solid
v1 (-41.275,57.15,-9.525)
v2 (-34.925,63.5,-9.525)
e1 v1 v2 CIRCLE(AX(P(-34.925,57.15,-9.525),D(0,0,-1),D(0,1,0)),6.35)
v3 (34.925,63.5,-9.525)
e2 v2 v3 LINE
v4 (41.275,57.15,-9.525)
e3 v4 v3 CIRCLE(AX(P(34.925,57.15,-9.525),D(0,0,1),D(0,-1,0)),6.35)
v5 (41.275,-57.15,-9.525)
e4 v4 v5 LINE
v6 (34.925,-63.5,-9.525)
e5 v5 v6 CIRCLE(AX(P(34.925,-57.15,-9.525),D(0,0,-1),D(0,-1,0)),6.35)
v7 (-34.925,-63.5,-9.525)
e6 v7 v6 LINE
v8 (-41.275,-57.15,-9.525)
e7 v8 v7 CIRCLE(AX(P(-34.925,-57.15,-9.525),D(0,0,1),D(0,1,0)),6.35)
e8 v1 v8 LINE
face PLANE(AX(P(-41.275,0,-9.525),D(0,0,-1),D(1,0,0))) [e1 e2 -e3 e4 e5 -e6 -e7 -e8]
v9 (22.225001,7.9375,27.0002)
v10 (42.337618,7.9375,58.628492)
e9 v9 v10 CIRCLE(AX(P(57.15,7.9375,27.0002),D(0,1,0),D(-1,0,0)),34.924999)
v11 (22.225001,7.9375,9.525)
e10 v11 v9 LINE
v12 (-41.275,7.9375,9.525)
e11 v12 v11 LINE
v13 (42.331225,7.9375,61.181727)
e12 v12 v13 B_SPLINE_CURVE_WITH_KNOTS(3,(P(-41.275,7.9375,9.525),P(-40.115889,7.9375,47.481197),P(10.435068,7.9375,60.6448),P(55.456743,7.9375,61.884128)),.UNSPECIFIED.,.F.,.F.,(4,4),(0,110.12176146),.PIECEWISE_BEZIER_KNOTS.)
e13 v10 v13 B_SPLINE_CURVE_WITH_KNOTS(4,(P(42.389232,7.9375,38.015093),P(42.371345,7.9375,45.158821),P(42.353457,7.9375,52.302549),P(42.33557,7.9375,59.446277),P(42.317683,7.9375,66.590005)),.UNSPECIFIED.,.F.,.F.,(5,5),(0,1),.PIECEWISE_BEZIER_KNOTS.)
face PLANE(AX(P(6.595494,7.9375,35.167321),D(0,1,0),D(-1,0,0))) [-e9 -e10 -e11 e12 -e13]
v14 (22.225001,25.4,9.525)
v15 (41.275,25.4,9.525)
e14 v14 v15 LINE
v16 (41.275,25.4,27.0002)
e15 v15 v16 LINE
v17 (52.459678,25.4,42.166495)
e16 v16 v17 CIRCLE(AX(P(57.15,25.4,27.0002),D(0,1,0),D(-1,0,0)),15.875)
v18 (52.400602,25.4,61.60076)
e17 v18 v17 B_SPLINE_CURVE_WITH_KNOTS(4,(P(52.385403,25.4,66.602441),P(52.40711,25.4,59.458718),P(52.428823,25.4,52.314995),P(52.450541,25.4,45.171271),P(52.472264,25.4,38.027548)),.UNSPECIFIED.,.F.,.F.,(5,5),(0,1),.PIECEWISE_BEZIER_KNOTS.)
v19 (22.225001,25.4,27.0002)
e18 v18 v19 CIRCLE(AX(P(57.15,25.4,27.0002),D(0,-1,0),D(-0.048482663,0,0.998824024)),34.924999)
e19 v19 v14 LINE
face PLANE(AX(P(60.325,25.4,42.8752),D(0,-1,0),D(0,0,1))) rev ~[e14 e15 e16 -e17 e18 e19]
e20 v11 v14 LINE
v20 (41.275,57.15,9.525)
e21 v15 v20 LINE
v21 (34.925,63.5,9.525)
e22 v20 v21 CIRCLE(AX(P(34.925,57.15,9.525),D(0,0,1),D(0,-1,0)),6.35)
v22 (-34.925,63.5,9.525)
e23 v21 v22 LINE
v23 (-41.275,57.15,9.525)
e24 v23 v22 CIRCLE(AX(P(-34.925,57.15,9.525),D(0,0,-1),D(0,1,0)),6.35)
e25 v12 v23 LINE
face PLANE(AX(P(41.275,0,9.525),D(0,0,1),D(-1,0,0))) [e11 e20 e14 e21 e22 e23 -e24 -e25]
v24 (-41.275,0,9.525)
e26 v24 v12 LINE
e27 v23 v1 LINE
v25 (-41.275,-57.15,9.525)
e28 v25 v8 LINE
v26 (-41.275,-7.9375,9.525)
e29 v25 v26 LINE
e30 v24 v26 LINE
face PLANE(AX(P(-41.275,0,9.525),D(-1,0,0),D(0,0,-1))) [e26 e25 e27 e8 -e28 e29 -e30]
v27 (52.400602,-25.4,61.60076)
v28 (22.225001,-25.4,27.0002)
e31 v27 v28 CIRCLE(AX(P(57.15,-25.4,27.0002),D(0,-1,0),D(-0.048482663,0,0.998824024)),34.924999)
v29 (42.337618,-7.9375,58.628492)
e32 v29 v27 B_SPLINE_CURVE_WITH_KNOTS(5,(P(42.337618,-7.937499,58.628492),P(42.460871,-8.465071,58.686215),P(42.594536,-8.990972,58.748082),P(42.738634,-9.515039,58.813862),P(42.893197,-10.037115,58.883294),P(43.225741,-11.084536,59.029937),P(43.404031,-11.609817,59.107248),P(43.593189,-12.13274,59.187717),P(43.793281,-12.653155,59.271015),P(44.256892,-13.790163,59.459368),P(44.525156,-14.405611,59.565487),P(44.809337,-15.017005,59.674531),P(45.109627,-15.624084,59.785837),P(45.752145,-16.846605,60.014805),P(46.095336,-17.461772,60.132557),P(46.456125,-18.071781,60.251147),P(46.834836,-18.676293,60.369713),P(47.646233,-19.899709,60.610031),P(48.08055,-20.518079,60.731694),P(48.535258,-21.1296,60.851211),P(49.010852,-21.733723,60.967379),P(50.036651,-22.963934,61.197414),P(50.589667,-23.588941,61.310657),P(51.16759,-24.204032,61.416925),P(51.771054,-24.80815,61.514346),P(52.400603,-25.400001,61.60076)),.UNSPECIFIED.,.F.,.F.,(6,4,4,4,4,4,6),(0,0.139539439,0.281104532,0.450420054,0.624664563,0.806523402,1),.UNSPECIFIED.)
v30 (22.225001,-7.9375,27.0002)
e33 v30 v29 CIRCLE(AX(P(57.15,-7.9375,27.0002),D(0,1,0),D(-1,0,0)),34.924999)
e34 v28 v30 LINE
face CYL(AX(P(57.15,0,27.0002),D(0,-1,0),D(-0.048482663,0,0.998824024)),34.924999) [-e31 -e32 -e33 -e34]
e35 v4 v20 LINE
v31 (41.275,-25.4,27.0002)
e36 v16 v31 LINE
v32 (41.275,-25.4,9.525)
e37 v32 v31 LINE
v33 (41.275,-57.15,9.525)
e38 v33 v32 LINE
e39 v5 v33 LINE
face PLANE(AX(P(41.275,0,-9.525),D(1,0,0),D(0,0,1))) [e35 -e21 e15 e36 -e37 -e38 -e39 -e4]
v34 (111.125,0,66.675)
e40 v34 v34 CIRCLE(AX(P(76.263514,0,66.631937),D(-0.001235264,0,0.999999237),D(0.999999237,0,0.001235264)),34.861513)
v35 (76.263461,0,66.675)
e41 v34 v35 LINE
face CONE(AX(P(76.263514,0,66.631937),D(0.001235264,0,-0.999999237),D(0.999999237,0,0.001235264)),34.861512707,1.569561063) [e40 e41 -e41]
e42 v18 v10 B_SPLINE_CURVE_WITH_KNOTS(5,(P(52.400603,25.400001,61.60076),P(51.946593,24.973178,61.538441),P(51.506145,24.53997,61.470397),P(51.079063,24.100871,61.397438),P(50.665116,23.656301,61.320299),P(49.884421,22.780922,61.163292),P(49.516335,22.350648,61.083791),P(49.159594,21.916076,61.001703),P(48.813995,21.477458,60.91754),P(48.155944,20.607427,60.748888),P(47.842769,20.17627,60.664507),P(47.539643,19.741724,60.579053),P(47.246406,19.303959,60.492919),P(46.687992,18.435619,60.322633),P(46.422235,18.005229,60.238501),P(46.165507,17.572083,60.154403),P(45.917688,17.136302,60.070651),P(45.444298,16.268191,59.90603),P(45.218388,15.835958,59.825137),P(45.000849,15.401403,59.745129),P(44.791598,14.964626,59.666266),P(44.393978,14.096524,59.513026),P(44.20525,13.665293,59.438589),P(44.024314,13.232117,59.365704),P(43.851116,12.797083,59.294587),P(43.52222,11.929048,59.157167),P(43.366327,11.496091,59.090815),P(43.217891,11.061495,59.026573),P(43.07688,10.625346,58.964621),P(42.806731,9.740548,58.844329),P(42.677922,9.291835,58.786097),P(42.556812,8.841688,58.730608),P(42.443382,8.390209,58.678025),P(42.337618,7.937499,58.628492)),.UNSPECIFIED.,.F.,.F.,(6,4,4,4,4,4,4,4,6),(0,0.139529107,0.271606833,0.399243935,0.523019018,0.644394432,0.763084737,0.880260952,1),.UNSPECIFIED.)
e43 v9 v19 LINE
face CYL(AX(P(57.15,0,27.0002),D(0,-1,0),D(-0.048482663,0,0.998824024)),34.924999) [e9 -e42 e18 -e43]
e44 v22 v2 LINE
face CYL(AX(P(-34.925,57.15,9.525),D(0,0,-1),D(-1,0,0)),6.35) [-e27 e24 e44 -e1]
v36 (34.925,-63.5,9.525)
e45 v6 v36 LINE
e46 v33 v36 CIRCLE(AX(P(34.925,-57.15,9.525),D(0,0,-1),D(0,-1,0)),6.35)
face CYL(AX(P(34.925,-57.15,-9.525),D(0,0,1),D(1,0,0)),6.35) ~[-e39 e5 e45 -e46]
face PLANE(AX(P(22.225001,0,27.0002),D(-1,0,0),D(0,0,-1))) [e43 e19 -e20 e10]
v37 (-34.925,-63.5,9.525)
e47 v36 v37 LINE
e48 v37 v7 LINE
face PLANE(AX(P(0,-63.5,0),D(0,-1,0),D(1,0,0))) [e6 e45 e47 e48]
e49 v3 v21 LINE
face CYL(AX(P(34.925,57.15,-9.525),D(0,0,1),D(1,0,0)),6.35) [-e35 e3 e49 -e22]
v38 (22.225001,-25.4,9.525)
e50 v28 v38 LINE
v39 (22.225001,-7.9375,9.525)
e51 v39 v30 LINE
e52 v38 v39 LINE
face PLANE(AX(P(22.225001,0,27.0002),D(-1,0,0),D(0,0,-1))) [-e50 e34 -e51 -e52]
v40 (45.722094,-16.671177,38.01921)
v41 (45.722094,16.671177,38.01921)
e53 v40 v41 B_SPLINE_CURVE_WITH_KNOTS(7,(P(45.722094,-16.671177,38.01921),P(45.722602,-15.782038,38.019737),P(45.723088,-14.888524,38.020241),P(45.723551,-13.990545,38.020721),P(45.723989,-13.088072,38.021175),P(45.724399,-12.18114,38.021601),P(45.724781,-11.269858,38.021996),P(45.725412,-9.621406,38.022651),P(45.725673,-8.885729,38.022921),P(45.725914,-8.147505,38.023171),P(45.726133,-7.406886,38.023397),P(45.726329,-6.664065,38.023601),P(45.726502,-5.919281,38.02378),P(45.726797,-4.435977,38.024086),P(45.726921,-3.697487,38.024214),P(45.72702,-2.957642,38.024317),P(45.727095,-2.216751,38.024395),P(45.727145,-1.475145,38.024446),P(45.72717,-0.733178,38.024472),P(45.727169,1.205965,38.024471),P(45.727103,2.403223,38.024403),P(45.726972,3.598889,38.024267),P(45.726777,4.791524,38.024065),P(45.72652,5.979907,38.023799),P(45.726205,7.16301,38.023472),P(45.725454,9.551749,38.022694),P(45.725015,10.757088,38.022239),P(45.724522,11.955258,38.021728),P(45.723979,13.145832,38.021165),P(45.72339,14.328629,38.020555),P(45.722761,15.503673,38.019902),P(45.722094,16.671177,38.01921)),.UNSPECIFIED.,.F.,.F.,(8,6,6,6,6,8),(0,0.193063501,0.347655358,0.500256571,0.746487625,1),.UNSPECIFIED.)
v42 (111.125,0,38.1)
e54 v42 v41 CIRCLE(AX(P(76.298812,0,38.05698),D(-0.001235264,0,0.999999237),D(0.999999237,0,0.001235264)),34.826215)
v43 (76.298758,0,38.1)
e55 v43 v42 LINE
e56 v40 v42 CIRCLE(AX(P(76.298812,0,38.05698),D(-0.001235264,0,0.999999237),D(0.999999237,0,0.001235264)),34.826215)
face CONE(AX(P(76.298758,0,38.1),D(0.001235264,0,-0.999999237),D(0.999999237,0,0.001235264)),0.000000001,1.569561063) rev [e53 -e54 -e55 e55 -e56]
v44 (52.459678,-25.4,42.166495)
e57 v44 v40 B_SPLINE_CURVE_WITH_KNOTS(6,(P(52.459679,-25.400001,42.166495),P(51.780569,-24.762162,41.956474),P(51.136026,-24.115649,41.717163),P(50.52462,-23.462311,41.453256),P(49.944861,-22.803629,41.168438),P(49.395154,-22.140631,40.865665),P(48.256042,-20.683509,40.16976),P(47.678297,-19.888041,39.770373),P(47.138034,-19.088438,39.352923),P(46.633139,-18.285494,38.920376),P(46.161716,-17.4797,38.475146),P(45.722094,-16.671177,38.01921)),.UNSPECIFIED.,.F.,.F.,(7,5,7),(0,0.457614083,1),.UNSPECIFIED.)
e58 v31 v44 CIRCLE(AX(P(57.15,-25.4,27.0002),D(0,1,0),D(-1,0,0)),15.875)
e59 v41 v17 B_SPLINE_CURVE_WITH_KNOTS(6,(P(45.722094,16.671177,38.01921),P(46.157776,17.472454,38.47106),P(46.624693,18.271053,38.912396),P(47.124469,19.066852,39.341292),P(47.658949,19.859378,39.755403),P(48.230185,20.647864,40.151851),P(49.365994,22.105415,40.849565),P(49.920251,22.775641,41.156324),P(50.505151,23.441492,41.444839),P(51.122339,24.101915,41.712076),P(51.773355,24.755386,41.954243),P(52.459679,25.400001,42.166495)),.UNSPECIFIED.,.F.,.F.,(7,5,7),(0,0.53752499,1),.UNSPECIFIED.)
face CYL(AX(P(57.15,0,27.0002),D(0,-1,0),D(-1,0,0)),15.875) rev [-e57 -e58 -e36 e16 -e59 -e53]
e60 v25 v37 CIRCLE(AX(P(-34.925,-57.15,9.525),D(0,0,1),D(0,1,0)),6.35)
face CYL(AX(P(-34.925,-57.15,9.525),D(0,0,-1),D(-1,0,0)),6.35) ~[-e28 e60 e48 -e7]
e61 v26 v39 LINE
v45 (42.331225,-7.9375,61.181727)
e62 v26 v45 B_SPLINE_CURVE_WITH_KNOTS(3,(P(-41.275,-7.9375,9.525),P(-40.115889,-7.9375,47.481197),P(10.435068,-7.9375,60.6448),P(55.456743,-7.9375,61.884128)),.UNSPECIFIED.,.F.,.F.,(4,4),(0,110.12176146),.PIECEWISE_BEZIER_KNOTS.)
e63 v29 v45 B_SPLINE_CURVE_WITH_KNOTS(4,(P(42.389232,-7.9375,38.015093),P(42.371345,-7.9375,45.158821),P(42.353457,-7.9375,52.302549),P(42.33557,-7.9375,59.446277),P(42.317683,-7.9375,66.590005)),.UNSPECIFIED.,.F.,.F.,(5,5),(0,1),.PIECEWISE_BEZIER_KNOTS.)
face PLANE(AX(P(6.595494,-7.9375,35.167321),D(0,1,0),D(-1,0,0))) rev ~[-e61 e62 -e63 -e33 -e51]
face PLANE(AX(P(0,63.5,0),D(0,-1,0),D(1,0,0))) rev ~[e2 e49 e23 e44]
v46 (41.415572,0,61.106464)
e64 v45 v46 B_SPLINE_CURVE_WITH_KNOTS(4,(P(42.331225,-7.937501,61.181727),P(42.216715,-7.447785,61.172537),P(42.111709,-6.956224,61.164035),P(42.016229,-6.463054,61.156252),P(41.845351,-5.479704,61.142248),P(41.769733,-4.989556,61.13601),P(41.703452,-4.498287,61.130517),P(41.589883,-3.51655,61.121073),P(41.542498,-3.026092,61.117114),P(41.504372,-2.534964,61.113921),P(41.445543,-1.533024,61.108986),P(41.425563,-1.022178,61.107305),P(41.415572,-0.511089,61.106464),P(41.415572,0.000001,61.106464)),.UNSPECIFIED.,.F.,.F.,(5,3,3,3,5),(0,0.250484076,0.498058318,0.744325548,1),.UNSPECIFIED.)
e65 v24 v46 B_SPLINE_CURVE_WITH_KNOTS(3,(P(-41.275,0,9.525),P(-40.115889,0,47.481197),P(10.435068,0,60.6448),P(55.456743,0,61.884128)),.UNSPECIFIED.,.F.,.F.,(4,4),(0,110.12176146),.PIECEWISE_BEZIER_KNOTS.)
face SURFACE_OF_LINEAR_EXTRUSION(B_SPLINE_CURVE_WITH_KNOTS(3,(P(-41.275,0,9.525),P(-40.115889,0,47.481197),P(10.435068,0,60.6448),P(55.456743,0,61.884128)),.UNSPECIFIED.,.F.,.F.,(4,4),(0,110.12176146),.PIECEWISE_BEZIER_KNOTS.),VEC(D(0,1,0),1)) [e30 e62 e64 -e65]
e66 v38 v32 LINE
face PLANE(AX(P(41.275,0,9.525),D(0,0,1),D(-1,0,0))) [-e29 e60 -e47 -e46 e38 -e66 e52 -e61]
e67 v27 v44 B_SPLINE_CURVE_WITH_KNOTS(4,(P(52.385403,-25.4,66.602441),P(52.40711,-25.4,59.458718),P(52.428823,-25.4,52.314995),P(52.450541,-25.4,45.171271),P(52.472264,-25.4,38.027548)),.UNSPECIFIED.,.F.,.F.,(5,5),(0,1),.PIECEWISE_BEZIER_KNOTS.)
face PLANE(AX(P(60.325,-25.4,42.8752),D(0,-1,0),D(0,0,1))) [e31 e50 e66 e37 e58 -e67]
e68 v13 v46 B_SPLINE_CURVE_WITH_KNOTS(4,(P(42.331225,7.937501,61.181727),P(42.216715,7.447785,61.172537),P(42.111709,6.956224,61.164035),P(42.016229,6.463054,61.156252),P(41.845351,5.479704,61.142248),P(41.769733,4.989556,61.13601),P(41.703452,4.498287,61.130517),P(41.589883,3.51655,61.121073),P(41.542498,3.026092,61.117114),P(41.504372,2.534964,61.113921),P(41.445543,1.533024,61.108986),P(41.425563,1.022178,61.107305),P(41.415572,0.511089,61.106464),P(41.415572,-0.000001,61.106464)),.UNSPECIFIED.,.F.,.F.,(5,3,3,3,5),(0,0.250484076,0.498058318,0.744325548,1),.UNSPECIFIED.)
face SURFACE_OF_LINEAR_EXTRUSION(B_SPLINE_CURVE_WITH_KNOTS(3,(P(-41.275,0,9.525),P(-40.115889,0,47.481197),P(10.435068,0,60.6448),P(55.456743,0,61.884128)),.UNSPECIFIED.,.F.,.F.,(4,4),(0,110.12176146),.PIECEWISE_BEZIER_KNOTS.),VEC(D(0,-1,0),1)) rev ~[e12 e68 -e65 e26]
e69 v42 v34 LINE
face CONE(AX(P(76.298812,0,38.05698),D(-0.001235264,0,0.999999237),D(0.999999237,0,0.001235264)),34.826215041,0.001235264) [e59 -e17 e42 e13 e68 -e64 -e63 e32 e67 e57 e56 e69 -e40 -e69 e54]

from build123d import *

# Parameters (mm, degrees)
F1_DEPTH = 63.5
F2_DEPTH = 25.4
F3_DEPTH = 25.4
F4_DEPTH = 7.9375
F6_R     = 6.35


with BuildPart() as f1:
    # F0 (on Front) → F1 (new body, symmetric)
    with BuildSketch(Plane.XZ):
        Polygon((-41.275, 9.525), (-41.275, -9.525), (41.275, -9.525), (41.275, 9.525), (22.2250011172, 9.525), align=None)
    extrude(amount=F1_DEPTH, both=True)

    # F0 (on Front) → F2 (join, symmetric)
    with BuildSketch(Plane.XZ):
        with BuildLine():
            Line((22.2250011172, 9.525), (41.275, 9.525))
            Line((41.275, 9.525), (41.275, 27.0002))
            ThreePointArc((41.275, 27.0002), (45.9246798487, 38.2255201513), (57.15, 42.8752))
            Line((57.15, 42.8752), (60.325, 42.8752))
            Line((60.325, 42.8752), (60.325, 61.9251988828))
            Line((60.325, 61.9251988828), (57.15, 61.9251988828))
            add(Edge.make_bspline(
                [(55.4567430493, 61.8841279306), (56.0220700945, 61.8996898871), (56.5865253234, 61.913371712), (57.15, 61.9251988828)],
                knots=[110.1217614603, 110.1217614603, 110.1217614603, 110.1217614603, 111.5045356385, 111.5045356385, 111.5045356385, 111.5045356385], degree=3))
            ThreePointArc((55.4567430493, 61.8841279306), (31.8627250966, 51.089809273), (22.2250011172, 27.0002))
            Line((22.2250011172, 27.0002), (22.2250011172, 9.525))
        make_face()
    extrude(amount=F2_DEPTH, both=True)

    # F3 (add): a face of the model
    f3_faces = [f1.faces().sort_by_distance(p)[0] for p in [
        (60.325, 0, 52.4001994414),
    ]]
    extrude(f3_faces, amount=F3_DEPTH)

    # F0 (on Front) → F4 (join, symmetric)
    with BuildSketch(Plane.XZ):
        with BuildLine():
            add(Edge.make_bspline(
                [(-41.275, 9.525), (-40.1158891468, 47.4811966341), (10.4350677867, 60.6448004288), (55.4567430493, 61.8841279306)],
                knots=[0, 0, 0, 0, 110.1217614603, 110.1217614603, 110.1217614603, 110.1217614603], degree=3))
            Line((-41.275, 9.525), (22.2250011172, 9.525))
            Line((22.2250011172, 9.525), (22.2250011172, 27.0002))
            ThreePointArc((22.2250011172, 27.0002), (31.8627250966, 51.089809273), (55.4567430493, 61.8841279306))
        make_face()
    extrude(amount=F4_DEPTH, both=True)

    # F0 (on Front) → F5 (revolve)
    with BuildSketch(Plane.XZ):
        Polygon((111.125, 66.675), (76.2634606961, 66.675), (76.2987583876, 38.1), (111.125, 38.1), align=None)
    revolve(axis=Axis((76.2811095418, 0, 52.3875), (-0.0012352639, 0, 0.9999992371)))

    # F6
    f6_edges = [f1.edges().sort_by_distance(p)[0] for p in [
        (-41.275, -63.5, 0),
        (41.275, -63.5, 0),
        (41.275, 63.5, 0),
        (-41.275, 63.5, 0),
    ]]
    fillet(f6_edges, radius=F6_R)


solid = f1.part
